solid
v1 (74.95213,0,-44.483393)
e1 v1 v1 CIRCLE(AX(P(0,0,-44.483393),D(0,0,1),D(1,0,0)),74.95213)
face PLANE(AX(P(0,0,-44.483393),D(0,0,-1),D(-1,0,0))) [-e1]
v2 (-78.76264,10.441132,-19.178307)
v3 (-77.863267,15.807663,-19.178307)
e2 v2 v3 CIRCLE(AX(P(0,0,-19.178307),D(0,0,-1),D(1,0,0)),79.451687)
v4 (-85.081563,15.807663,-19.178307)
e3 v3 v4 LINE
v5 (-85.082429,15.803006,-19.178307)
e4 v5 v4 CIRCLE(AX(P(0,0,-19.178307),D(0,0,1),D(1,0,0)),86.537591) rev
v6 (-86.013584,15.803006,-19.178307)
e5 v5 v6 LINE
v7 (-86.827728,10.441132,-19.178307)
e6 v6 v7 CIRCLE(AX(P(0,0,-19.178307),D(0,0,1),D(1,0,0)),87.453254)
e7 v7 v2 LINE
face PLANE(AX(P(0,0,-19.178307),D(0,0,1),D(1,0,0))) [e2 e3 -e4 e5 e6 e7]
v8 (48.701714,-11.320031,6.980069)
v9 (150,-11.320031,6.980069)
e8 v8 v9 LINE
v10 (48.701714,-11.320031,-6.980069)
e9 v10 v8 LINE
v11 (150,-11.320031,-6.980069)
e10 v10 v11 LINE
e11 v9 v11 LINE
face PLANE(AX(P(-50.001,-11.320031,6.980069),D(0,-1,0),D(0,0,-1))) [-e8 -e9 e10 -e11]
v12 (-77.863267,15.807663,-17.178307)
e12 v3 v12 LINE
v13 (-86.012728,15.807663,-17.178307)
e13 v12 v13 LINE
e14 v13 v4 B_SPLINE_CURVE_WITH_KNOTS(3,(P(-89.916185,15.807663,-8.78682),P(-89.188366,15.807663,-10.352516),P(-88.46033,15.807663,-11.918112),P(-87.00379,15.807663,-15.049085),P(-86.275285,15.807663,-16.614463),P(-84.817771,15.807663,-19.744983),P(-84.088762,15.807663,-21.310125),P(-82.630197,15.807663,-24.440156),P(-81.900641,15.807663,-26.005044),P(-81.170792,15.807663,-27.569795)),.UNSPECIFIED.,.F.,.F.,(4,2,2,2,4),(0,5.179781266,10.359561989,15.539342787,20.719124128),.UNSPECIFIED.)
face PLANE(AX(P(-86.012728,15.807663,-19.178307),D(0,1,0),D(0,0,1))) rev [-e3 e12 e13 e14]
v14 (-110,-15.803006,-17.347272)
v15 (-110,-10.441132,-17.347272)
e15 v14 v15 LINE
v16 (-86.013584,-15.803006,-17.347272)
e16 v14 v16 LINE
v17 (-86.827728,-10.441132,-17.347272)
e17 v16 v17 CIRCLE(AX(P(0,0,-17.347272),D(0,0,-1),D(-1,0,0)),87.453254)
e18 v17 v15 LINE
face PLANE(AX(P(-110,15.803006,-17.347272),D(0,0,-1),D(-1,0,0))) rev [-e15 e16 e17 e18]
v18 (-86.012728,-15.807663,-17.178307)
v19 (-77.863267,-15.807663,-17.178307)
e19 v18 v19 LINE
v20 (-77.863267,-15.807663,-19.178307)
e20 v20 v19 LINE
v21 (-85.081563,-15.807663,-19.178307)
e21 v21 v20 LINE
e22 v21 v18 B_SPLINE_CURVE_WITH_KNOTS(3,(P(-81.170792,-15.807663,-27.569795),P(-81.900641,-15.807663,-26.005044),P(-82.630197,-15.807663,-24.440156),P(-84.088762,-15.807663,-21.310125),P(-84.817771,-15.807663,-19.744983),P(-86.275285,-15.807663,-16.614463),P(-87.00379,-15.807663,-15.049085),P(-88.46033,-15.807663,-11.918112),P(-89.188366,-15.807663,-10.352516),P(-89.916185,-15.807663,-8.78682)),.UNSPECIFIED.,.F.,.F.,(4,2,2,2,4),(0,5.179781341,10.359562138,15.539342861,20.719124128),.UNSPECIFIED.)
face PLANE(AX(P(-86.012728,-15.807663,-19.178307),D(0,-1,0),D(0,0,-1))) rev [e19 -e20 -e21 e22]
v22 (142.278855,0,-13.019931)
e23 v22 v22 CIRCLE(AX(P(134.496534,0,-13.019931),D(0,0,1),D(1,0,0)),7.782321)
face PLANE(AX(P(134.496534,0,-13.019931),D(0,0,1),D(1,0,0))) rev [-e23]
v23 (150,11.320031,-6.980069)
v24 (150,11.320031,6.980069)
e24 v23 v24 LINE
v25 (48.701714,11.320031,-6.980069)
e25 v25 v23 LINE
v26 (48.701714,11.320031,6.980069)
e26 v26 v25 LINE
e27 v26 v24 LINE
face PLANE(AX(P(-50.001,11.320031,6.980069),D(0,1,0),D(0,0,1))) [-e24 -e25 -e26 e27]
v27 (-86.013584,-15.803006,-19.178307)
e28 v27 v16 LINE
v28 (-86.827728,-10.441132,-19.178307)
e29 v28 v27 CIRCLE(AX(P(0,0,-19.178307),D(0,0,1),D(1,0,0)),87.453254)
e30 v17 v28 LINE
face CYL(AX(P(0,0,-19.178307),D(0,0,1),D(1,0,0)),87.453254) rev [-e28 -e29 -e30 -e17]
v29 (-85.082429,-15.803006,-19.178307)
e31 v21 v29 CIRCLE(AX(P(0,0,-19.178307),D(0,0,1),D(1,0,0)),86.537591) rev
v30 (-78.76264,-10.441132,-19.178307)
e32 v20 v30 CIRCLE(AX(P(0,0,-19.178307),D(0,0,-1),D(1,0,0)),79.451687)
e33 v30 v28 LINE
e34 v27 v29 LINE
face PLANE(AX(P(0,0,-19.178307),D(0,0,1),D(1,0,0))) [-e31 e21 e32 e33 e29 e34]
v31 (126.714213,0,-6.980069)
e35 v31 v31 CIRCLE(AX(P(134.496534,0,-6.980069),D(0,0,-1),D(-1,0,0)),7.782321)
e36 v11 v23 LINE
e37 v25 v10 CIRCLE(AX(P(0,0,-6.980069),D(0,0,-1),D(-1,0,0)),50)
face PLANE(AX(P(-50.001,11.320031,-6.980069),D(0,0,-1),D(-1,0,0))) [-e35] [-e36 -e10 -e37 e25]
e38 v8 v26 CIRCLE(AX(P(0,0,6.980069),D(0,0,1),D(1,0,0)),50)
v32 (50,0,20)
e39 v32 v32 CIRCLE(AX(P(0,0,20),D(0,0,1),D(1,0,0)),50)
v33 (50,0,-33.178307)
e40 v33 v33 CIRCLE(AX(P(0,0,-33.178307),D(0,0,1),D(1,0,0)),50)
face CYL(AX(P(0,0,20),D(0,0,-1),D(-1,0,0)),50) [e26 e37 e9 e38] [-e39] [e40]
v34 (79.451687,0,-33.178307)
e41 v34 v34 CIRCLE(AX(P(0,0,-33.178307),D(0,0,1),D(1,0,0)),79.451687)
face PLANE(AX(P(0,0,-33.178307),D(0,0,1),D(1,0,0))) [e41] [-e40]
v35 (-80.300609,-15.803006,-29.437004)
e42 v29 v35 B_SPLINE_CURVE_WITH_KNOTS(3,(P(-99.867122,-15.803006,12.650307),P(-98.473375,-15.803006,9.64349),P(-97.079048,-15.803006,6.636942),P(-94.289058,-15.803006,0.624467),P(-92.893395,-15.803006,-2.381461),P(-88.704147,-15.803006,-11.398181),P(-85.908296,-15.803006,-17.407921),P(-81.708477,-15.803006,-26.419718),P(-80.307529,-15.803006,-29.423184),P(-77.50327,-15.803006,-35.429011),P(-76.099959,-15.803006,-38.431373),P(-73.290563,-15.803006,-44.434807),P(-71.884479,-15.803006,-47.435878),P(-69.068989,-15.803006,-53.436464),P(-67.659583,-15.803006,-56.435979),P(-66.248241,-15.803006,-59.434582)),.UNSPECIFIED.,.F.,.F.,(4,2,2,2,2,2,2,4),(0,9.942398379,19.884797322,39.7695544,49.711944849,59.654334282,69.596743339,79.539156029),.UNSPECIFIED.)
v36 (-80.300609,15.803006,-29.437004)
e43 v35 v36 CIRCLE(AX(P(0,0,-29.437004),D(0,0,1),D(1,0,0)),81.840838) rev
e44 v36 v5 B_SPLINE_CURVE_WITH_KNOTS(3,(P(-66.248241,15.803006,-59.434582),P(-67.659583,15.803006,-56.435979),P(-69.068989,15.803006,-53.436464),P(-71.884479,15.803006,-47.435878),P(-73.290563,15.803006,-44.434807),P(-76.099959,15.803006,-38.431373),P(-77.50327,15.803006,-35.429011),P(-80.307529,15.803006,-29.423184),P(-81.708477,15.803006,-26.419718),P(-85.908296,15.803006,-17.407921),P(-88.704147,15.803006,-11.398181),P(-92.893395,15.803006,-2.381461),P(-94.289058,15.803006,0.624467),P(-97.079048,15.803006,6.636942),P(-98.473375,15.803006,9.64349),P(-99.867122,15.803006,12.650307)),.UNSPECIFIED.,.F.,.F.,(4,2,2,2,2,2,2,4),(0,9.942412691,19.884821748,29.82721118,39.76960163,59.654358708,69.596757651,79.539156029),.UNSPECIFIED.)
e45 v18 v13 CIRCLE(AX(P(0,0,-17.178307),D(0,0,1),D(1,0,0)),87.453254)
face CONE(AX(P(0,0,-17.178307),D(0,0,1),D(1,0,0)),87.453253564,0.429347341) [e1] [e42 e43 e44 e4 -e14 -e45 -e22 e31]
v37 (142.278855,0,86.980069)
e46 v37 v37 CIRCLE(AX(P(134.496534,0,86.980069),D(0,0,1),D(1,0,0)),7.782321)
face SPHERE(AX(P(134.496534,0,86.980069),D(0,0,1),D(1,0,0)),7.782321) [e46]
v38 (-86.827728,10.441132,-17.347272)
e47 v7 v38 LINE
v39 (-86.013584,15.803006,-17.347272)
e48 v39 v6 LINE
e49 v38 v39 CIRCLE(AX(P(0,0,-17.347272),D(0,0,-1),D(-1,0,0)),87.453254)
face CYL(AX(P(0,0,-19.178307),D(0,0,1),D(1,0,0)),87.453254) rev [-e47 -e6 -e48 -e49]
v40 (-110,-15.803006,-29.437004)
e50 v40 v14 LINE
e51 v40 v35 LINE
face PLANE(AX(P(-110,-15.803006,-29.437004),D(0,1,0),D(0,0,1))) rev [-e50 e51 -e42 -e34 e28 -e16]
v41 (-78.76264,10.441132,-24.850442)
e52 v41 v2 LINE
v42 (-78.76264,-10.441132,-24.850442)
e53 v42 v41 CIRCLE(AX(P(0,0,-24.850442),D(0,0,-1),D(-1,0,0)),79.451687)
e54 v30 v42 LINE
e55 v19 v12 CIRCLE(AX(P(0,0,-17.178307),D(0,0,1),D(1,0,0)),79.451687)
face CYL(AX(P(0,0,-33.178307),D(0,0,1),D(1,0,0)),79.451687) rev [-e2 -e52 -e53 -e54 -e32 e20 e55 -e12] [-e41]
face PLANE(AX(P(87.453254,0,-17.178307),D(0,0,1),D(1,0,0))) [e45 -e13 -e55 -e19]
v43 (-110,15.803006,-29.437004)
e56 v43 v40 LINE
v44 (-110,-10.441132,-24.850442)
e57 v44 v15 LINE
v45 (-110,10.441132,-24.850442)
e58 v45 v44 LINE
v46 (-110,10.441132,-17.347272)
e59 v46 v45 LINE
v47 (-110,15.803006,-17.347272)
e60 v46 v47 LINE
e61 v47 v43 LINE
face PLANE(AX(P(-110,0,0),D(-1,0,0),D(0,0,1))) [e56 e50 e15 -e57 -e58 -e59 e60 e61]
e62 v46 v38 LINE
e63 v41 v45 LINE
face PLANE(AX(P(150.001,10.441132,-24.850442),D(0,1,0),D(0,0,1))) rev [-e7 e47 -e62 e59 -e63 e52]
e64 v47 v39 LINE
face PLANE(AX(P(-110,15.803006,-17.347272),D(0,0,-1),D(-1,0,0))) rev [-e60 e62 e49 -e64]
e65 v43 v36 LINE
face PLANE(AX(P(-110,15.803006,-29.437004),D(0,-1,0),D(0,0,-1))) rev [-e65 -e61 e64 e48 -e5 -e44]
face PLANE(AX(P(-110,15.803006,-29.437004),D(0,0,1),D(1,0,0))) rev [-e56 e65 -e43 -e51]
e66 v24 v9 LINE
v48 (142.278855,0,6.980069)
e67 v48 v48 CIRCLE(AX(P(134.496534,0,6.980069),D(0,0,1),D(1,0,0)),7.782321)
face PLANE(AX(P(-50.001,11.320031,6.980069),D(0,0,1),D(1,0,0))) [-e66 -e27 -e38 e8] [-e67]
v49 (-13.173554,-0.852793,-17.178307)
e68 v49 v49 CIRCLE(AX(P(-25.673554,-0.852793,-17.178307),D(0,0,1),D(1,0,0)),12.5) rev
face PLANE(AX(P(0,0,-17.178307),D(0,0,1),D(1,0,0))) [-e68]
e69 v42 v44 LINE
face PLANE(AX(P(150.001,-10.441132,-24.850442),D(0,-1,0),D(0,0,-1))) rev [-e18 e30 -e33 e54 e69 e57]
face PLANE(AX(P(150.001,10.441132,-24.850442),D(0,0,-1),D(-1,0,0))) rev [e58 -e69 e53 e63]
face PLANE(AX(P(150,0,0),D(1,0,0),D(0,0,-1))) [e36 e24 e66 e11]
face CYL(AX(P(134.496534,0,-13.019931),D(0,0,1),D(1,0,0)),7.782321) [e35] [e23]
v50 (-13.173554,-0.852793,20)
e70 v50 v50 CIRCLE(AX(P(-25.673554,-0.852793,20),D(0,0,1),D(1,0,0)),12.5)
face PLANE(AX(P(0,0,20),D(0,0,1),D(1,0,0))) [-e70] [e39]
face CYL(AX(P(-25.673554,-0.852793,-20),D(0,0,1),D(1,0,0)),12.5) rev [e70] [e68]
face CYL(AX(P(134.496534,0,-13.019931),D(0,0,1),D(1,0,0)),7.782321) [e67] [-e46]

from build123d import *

# Parameters (mm, degrees)
SKETCH_1_R               = 50
EXTRUDE_1_DEPTH          = 20
SKETCH_4_R               = 12.5
CUT_EXTRUDE_1_DEPTH      = 40
EXTRUDE_2_REACH          = 115.578
EXTRUDE_2_END_RADIUS     = 50
SKETCH_5_W               = 13.960137626
SKETCH_5_H               = 22.640061842
SKETCH_6_W               = 13.960137626
SKETCH_6_H               = 22.640061842
EXTRUDE_3_DEPTH          = 100
EXTRUDE_4_DEPTH          = 80
EXTRUDE_4_DEPTH_BACK     = 20
SKETCH_7_R               = 7.782320826
SKETCH_13_R              = 79.451687304
CUT_EXTRUDE_2_DEPTH      = 16
SKETCH_14_R              = 50
EXTRUDE_5_DEPTH          = 16
SKETCH_17_W              = 12.089731424
SKETCH_17_H              = 31.60601215
EXTRUDE_6_DEPTH          = 50
CUT_EXTRUDE_3_DEPTH      = 15.831035086
CUT_EXTRUDE_4_REACH      = 292.221
CUT_EXTRUDE_4_END_RADIUS = 79.451687304
SKETCH_25_W              = 7.503169627
SKETCH_25_H              = 20.882263368
CUT_EXTRUDE_5_DEPTH      = 2
SKETCH_27_W              = 13.960137626
SKETCH_27_H              = 22.640061842
EXTRUDE_7_DEPTH          = 40


with BuildPart() as part:
    # 草图1 → 凸台-拉伸1 (new, symmetric)
    with BuildSketch(Plane.XY):
        Circle(SKETCH_1_R)
    extrude(amount=EXTRUDE_1_DEPTH, both=True)

    # 草图4 → 切除-拉伸1 (cut)
    with BuildSketch(Plane.XY.offset(20)):
        with Locations((-25.673554091, -0.852792881)):
            Circle(SKETCH_4_R)
    extrude(amount=-CUT_EXTRUDE_1_DEPTH, mode=Mode.SUBTRACT)

    # 凸台-拉伸2: up to this cylinder (the profile starts outside it)
    extrude_2_end = Plane(origin=(0, 0, 0), z_dir=(0, 0, -1)) * Cylinder(EXTRUDE_2_END_RADIUS, 332.156, mode=Mode.PRIVATE)
    # 草图5 → 凸台-拉伸2 (add, up to the surface)
    with BuildSketch(Plane(origin=(50, 0, 0), x_dir=(0, 0, -1), z_dir=(1, 0, 0)), mode=Mode.PRIVATE) as extrude_2_sk1:
        Rectangle(SKETCH_5_W, SKETCH_5_H)
    extrude_2_tool1 = extrude(extrude_2_sk1.sketch, amount=-EXTRUDE_2_REACH, mode=Mode.PRIVATE) - extrude_2_end
    add(extrude_2_tool1.solids().sort_by_distance((50, 0, 0))[0])
    add(extrude_2_tool1.solids().sort_by_distance((50, 0, 0))[1])

    # 草图6 → 凸台-拉伸3 (add)
    with BuildSketch(Plane(origin=(50, 0, 0), x_dir=(0, 0, -1), z_dir=(1, 0, 0))):
        Rectangle(SKETCH_6_W, SKETCH_6_H)
    extrude(amount=EXTRUDE_3_DEPTH)

    # 草图7 → 凸台-拉伸4 (add, two sides: drawn at the far end of the back side and taken through both)
    with BuildSketch(Plane.XY.offset(6.980068813).offset(-EXTRUDE_4_DEPTH_BACK)):
        with Locations((134.496533675, 0)):
            Circle(SKETCH_7_R)
    extrude(amount=EXTRUDE_4_DEPTH + EXTRUDE_4_DEPTH_BACK)

    # 草图8 → 旋转1 (revolve)
    with BuildSketch(Plane.XY.offset(86.980068813)):
        with BuildLine():
            Line((126.714212849, 0), (142.278854501, 0))
            ThreePointArc((142.278854501, 0), (134.496533675, -7.782320826), (126.714212849, 0))
        make_face()
    revolve(axis=Axis((126.714212849, 0, 86.980068813), (1, 0, 0)))

    # 草图10 → 旋转2 (revolve)
    with BuildSketch(Plane(origin=(0, 0, 0), x_dir=(1, 0, 0), z_dir=(0, 1, 0))):
        Polygon((0, 20), (0, 44.4833931), (74.95212992, 44.4833931), (87.453253564, 17.178307248), (50, 17.178307248), (50, 20), align=None)
    revolve(axis=Axis((0, 0, -20), (0, 0, -1)))

    # 草图13 → 切除-拉伸2 (cut)
    with BuildSketch(Plane.XY.offset(-17.178307248)):
        Circle(SKETCH_13_R)
    extrude(amount=-CUT_EXTRUDE_2_DEPTH, mode=Mode.SUBTRACT)


with BuildPart() as cut_extrude_2_piece_1:
    # of the separate pieces the step leaves, piece 1, a body of its own (cut_extrude_2_pieces)
    add(part.part.solids().sort_by_distance((50, 0, -17.178307248))[0])



with BuildPart() as cut_extrude_2_piece_2:
    # of the separate pieces the step leaves, piece 2, a body of its own (cut_extrude_2_pieces)
    add(part.part.solids().sort_by_distance((87.453253564, 0, -17.178307248))[0])


with BuildPart() as cut_extrude_2_piece_1_1:
    add(cut_extrude_2_piece_1.part)

    add(cut_extrude_2_piece_2.part)  # 凸台-拉伸5 merges 切除-拉伸2 piece 2
    # 草图14 → 凸台-拉伸5 (add)
    with BuildSketch(Plane.XY.offset(-33.178307248)):
        Circle(SKETCH_14_R)
    extrude(amount=EXTRUDE_5_DEPTH)

    # 草图17 → 凸台-拉伸6 (add)
    with BuildSketch(Plane.ZY.offset(60)):
        with Locations((-23.392137874, 0)):
            Rectangle(SKETCH_17_W, SKETCH_17_H)
    extrude(amount=EXTRUDE_6_DEPTH)

    # 草图18 → 切除-拉伸3 (cut)
    with BuildSketch(Plane.XY.offset(-17.347272162)):
        with BuildLine():
            Line((-77.864212669, 15.803006075), (-60, 15.803006075))
            Line((-60, 15.803006075), (-60, -15.803006075))
            Line((-60, -15.803006075), (-77.864212669, -15.803006075))
            ThreePointArc((-77.864212669, -15.803006075), (-79.451687304, 0), (-77.864212669, 15.803006075))
        make_face()
    extrude(amount=-CUT_EXTRUDE_3_DEPTH, mode=Mode.SUBTRACT)

    # 切除-拉伸4: up to this cylinder (the profile starts outside it)
    cut_extrude_4_end = Plane(origin=(0, 0, -21.098857), z_dir=(0, 0, 1)) * Cylinder(CUT_EXTRUDE_4_END_RADIUS, 744.345374609, mode=Mode.PRIVATE)
    # 草图25 → 切除-拉伸4 (cut, up to the surface)
    with BuildSketch(Plane.ZY.offset(110), mode=Mode.PRIVATE) as cut_extrude_4_sk1:
        with Locations((-21.098856975, 0)):
            Rectangle(SKETCH_25_W, SKETCH_25_H)
    cut_extrude_4_tool1 = extrude(cut_extrude_4_sk1.sketch, amount=-CUT_EXTRUDE_4_REACH, mode=Mode.PRIVATE) - cut_extrude_4_end
    add(cut_extrude_4_tool1.solids().sort_by_distance((-110, 0, -21.098857))[0], mode=Mode.SUBTRACT)

    # 草图26 → 切除-拉伸5 (cut)
    with BuildSketch(Plane.XY.offset(-17.178307248)):
        with BuildLine():
            Line((-86.012727773, 15.807663329), (-77.863267306, 15.807663329))
            ThreePointArc((-77.863267306, 15.807663329), (-79.451687304, 0), (-77.863267306, -15.807663329))
            Line((-77.863267306, -15.807663329), (-86.012727773, -15.807663329))
            ThreePointArc((-86.012727773, -15.807663329), (-87.453253564, 0), (-86.012727773, 15.807663329))
        make_face()
    extrude(amount=-CUT_EXTRUDE_5_DEPTH, mode=Mode.SUBTRACT)

    # 草图27 → 凸台-拉伸7 (add)
    with BuildSketch(Plane(origin=(50, 0, 0), x_dir=(0, 0, -1), z_dir=(1, 0, 0))):
        Rectangle(SKETCH_27_W, SKETCH_27_H)
    extrude(amount=-EXTRUDE_7_DEPTH)


solid = cut_extrude_2_piece_1_1.part
